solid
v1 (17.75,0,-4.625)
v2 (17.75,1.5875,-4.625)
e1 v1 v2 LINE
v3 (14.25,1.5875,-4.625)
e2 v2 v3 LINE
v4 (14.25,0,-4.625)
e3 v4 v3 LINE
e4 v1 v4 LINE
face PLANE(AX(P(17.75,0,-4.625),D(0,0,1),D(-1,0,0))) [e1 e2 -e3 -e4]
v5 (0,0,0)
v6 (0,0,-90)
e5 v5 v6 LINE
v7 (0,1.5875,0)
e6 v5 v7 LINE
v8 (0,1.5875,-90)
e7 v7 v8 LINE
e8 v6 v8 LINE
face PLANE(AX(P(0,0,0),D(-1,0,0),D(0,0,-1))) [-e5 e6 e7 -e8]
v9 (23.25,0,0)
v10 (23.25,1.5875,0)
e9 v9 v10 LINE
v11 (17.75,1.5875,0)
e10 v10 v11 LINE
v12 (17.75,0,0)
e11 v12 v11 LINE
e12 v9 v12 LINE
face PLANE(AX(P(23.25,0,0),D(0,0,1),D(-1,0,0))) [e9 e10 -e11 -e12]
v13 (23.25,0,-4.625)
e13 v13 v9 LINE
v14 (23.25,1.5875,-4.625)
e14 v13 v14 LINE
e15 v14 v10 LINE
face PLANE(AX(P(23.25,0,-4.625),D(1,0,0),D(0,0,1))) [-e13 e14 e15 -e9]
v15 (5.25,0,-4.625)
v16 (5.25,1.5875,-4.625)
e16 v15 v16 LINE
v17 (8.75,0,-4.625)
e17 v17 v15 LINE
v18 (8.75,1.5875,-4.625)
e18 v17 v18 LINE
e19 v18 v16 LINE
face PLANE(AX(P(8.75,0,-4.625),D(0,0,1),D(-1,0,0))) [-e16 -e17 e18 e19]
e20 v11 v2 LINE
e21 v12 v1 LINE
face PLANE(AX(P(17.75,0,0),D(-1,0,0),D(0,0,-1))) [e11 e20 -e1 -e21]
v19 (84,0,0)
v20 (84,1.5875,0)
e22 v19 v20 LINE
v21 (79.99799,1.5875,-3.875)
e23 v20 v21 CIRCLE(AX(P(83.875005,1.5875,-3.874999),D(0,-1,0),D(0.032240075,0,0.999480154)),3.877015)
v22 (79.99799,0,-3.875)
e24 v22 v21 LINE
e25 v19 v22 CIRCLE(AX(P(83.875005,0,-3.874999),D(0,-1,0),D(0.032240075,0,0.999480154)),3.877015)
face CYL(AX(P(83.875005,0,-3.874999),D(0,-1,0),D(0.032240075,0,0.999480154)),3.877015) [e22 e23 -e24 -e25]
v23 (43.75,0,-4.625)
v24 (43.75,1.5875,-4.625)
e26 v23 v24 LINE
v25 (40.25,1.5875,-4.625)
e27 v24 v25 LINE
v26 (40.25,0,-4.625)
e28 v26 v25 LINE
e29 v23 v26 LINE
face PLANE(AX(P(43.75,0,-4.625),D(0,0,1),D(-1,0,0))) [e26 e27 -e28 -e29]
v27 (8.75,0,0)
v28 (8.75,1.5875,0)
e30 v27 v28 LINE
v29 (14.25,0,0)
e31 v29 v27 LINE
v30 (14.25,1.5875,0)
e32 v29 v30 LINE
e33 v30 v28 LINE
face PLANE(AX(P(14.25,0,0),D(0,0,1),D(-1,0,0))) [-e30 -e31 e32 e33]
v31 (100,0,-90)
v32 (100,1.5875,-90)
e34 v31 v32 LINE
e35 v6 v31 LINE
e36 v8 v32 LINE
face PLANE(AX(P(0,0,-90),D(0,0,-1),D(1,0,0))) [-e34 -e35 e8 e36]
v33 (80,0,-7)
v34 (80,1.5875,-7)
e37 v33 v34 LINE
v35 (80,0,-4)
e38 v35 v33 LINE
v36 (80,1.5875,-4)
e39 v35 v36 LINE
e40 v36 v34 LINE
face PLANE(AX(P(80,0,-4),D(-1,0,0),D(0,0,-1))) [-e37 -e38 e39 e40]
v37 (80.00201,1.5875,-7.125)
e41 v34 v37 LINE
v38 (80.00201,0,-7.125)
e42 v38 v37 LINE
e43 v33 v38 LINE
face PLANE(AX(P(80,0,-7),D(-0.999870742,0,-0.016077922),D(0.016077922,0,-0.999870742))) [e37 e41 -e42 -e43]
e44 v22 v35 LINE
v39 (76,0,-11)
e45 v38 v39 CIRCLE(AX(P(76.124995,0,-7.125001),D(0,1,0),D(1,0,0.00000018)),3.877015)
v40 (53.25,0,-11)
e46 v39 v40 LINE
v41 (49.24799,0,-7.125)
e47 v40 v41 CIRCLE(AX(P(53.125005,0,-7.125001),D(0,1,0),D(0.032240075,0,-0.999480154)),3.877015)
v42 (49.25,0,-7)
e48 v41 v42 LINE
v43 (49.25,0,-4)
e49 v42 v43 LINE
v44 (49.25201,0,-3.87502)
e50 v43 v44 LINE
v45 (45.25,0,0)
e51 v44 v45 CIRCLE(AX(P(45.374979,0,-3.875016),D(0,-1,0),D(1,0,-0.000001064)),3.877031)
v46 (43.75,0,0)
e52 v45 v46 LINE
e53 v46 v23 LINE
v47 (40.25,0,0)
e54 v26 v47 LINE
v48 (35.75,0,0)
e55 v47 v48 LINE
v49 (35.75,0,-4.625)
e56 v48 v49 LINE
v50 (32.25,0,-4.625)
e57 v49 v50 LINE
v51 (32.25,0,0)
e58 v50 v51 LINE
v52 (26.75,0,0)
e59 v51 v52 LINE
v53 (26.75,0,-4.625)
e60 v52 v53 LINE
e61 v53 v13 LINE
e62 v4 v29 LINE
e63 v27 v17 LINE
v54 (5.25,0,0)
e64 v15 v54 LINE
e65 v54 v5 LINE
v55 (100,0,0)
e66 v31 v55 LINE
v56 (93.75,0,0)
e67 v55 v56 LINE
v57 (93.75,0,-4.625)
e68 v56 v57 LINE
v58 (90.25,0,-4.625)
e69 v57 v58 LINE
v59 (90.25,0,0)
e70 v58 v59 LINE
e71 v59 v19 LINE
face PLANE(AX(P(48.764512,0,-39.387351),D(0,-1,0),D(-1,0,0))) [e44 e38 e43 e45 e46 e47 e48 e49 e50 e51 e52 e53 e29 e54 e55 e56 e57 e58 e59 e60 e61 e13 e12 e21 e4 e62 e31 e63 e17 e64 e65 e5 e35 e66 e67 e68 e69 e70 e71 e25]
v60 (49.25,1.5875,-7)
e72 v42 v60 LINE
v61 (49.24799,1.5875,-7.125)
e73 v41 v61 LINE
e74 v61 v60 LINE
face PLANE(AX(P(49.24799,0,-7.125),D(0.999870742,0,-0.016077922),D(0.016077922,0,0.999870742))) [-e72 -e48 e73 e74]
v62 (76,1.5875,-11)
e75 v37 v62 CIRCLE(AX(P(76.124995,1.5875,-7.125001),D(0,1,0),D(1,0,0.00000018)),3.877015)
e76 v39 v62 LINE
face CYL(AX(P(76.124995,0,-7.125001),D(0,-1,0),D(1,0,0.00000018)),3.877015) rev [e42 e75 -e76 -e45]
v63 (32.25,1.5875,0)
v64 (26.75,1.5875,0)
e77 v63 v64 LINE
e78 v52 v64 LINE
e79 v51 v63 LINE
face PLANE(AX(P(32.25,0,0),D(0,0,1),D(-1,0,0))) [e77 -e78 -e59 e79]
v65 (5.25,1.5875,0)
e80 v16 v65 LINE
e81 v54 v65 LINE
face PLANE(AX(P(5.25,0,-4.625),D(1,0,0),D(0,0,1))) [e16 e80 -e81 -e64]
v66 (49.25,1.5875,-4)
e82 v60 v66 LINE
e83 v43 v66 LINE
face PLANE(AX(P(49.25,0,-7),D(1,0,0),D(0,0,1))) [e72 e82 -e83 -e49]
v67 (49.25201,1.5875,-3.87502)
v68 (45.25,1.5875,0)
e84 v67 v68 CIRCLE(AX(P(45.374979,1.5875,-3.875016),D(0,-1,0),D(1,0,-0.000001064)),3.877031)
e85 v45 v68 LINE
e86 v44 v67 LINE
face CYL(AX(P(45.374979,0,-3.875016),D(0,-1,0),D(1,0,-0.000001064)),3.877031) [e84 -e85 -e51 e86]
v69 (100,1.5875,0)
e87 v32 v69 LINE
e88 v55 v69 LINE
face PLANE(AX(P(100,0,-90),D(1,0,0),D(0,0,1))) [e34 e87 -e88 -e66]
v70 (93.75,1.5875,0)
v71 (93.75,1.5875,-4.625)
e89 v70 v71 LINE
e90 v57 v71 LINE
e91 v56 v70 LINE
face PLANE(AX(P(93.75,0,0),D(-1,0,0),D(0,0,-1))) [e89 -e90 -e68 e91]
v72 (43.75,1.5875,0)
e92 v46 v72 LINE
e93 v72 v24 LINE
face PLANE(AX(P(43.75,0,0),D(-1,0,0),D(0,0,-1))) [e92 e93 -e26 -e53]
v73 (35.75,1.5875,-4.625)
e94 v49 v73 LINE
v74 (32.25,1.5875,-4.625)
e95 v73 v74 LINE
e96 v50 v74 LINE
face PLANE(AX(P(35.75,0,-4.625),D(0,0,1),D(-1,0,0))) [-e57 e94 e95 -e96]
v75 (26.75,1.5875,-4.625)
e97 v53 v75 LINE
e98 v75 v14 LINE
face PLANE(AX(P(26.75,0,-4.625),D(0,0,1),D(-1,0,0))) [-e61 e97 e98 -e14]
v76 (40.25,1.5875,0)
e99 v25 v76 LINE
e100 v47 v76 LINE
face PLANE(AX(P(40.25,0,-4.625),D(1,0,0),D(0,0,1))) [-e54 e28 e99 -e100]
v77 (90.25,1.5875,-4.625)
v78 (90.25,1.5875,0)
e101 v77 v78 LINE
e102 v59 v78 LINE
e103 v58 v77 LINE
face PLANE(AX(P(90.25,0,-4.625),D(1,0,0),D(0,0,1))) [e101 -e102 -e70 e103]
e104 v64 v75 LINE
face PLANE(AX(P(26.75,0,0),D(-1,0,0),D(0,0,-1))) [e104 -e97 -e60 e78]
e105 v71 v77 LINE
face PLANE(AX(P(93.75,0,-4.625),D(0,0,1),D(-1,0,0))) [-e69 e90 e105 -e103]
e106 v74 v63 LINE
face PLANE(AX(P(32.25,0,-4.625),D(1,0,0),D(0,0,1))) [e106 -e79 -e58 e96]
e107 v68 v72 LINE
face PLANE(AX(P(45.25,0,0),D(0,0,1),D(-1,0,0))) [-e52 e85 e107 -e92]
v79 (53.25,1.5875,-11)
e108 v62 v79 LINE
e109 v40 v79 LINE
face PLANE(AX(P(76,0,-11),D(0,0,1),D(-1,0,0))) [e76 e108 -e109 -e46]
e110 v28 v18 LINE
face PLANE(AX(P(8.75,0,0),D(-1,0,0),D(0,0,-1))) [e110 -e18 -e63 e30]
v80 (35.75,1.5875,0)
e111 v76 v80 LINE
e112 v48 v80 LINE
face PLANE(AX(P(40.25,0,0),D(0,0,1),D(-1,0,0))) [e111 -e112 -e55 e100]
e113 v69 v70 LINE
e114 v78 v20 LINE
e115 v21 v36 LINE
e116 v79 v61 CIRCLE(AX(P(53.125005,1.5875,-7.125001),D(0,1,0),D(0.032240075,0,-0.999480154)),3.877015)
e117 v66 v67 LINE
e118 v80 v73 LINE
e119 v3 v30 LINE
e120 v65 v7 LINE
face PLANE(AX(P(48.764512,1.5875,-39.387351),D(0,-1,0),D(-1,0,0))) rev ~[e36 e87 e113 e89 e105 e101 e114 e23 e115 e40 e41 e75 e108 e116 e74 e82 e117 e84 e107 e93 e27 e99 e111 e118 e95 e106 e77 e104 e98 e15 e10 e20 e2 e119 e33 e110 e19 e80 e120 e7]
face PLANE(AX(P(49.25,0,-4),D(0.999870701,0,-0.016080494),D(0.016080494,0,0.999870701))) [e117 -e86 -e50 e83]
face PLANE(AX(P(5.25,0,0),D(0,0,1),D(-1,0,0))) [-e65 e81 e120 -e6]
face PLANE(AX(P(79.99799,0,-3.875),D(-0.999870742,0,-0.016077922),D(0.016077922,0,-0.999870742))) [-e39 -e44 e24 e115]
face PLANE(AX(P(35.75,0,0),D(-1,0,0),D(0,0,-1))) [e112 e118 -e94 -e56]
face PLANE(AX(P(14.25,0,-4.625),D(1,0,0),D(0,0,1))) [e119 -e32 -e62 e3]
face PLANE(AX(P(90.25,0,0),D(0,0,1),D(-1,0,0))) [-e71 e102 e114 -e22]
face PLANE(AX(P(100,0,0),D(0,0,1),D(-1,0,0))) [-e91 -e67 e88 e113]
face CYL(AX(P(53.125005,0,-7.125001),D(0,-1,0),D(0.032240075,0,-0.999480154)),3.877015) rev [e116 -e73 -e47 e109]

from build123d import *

# Parameters (mm, degrees)
BOSS_EXTRUDE1_DEPTH = 1.5875


with BuildPart() as part:
    # Sketch1 → Boss-Extrude1 (new body)
    with BuildSketch(Plane(origin=(0, 0, 0), x_dir=(1, 0, 0), z_dir=(0, 1, 0))):
        with BuildLine():
            Line((0, 90), (100, 90))
            Line((100, 90), (100, 0))
            Line((100, 0), (93.75, 0))
            Line((93.75, 0), (93.75, 4.625))
            Line((93.75, 4.625), (90.25, 4.625))
            Line((90.25, 4.625), (90.25, 0))
            Line((90.25, 0), (84, 0))
            ThreePointArc((84, 0), (81.178095625, 1.089694192), (79.99799, 3.875))
            Line((79.99799, 3.875), (80, 4))
            Line((80, 4), (80, 7))
            Line((80, 7), (80.00201, 7.125))
            ThreePointArc((80.00201, 7.125), (78.821904375, 9.910305808), (76, 11))
            Line((76, 11), (53.25, 11))
            ThreePointArc((53.25, 11), (50.428095625, 9.910305808), (49.24799, 7.125))
            Line((49.24799, 7.125), (49.25, 7))
            Line((49.25, 7), (49.25, 4))
            Line((49.25, 4), (49.25201, 3.87502))
            ThreePointArc((49.25201, 3.87502), (48.071906674, 1.089706193), (45.25, 0))
            Line((45.25, 0), (43.75, 0))
            Line((43.75, 0), (43.75, 4.625))
            Line((43.75, 4.625), (40.25, 4.625))
            Line((40.25, 4.625), (40.25, 0))
            Line((40.25, 0), (35.75, 0))
            Line((35.75, 0), (35.75, 4.625))
            Line((35.75, 4.625), (32.25, 4.625))
            Line((32.25, 4.625), (32.25, 0))
            Line((32.25, 0), (26.75, 0))
            Line((26.75, 0), (26.75, 4.625))
            Line((26.75, 4.625), (23.25, 4.625))
            Line((23.25, 4.625), (23.25, 0))
            Line((23.25, 0), (17.75, 0))
            Line((17.75, 0), (17.75, 4.625))
            Line((17.75, 4.625), (14.25, 4.625))
            Line((14.25, 4.625), (14.25, 0))
            Line((14.25, 0), (8.75, 0))
            Line((8.75, 0), (8.75, 4.625))
            Line((8.75, 4.625), (5.25, 4.625))
            Line((5.25, 4.625), (5.25, 0))
            Line((5.25, 0), (0, 0))
            Line((0, 0), (0, 90))
        make_face()
    extrude(amount=BOSS_EXTRUDE1_DEPTH)


solid = part.part
